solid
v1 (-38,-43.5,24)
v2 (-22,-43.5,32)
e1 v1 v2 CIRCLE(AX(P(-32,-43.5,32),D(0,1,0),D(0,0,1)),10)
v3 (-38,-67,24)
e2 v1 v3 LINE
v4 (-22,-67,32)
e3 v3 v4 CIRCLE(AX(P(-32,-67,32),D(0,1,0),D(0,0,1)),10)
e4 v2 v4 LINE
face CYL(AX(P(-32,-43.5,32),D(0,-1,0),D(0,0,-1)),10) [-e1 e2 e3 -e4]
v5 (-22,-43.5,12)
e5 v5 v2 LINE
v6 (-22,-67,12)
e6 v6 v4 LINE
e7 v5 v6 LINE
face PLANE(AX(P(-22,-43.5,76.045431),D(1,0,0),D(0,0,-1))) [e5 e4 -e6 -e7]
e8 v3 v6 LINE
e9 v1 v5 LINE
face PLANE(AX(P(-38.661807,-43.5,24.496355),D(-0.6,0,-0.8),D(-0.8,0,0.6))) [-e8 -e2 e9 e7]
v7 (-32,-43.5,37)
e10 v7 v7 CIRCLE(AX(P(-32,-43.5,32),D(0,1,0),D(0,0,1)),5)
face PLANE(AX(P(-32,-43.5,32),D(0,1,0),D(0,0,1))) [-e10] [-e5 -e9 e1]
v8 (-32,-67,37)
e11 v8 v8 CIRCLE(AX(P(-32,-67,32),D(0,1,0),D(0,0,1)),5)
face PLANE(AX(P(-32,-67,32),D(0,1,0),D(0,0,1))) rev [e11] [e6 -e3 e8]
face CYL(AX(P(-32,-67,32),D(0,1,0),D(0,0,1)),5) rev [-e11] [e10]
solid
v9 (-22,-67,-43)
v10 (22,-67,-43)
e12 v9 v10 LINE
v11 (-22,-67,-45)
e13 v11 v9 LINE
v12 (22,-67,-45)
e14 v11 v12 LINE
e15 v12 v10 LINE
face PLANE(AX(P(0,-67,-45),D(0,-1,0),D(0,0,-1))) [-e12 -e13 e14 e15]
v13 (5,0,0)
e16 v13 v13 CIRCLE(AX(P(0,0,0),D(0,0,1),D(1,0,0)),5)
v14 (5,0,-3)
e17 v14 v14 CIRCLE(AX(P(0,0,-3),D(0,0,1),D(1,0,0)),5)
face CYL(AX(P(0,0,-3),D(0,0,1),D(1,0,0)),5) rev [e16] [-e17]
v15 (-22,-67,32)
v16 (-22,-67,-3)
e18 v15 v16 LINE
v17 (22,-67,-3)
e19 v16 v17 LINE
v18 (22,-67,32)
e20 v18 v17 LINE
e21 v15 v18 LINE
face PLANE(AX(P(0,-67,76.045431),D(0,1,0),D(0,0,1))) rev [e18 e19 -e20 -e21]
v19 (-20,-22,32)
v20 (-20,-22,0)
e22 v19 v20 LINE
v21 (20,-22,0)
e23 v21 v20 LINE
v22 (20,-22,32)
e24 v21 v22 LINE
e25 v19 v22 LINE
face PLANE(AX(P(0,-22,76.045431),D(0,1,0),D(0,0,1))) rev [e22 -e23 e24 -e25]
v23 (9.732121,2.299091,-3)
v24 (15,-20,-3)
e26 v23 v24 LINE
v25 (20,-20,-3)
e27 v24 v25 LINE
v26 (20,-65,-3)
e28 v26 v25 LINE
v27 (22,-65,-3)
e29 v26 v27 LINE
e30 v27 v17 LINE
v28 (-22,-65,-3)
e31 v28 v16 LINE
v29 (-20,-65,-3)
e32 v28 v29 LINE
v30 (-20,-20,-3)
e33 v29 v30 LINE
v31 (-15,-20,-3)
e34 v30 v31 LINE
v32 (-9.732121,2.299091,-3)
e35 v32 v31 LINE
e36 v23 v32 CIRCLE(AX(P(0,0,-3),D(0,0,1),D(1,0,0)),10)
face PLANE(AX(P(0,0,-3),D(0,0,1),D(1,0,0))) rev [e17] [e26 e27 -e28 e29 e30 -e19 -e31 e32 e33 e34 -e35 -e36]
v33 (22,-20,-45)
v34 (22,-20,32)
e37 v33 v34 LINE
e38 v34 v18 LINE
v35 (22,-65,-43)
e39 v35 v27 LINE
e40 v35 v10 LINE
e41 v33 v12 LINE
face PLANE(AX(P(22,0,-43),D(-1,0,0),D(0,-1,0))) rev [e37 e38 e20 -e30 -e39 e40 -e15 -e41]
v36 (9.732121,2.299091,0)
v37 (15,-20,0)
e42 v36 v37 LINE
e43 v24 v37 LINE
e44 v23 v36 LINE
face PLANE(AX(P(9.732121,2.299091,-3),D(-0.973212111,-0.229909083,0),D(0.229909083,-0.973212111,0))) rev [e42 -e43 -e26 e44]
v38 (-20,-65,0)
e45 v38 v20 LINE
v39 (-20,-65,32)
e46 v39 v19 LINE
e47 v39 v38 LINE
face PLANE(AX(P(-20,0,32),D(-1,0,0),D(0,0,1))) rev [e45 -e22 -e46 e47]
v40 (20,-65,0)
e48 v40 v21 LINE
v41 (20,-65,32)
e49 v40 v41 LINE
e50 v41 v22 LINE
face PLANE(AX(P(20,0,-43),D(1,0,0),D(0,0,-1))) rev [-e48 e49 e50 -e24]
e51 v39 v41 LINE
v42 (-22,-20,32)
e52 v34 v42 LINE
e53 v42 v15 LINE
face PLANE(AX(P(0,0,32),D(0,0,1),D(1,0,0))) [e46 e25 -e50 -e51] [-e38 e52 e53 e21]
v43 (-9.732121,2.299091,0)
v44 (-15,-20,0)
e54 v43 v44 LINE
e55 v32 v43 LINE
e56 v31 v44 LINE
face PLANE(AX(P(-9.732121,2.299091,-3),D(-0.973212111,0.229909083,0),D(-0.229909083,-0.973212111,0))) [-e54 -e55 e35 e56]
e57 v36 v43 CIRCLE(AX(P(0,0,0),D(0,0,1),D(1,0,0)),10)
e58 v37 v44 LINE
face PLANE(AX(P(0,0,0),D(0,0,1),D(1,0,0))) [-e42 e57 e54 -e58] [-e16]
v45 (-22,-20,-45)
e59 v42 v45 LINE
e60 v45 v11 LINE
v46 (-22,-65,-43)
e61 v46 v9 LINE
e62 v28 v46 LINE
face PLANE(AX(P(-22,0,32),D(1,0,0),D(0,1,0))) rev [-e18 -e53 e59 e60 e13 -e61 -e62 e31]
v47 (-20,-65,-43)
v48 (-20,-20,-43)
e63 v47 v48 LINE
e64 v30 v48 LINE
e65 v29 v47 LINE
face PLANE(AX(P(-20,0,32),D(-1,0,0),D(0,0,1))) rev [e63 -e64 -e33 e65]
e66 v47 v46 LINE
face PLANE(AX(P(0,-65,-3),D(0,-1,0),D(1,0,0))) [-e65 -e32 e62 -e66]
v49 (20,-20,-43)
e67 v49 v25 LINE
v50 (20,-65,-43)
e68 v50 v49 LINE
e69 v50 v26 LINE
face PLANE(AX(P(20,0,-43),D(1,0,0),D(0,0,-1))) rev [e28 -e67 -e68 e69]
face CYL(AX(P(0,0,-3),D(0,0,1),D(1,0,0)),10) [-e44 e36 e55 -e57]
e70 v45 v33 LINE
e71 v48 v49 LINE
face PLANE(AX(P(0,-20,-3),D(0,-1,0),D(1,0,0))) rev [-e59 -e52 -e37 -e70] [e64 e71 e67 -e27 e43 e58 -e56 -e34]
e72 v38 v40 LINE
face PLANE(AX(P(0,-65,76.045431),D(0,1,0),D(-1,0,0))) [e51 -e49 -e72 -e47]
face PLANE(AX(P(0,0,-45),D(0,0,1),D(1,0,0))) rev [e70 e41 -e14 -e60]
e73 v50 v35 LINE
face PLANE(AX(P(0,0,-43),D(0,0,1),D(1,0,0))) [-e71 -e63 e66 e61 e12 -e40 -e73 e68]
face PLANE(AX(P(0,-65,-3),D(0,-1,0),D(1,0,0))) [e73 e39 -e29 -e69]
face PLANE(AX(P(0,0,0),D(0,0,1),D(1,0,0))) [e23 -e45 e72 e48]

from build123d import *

# Parameters (mm, degrees)
SKETCH1_R                = 5
BOSS_EXTRUDE1_DEPTH      = 3
BOSS_EXTRUDE2_DEPTH      = 35
BOSS_EXTRUDE2_DEPTH_BACK = 40
BOSS_EXTRUDE2_START      = -3
SKETCH1_3_W              = 2
SKETCH1_3_H              = 45
SKETCH1_3_H_2            = 2
BOSS_EXTRUDE6_START      = -3
BOSS_EXTRUDE6_DEPTH      = 35
BOSS_EXTRUDE8_START      = -45
SKETCH1_7_W              = 44
SKETCH1_7_H              = 47
BOSS_EXTRUDE8_DEPTH      = 2
BOSS_EXTRUDE9_START      = -3
SKETCH1_8_W              = 2
SKETCH1_8_H              = 2
BOSS_EXTRUDE9_DEPTH      = 35
BOSS_EXTRUDE10_START     = -67
BOSS_EXTRUDE10_DEPTH     = 23.5
CUT_EXTRUDE1_START       = -43.5
SKETCH6_4_R              = 5
CUT_EXTRUDE1_DEPTH       = 48.48351499


with BuildPart() as part:
    # Sketch1 → Boss-Extrude1 (new body)
    with BuildSketch(Plane.XY):
        with BuildLine():
            Line((-9.732121112, 2.299090834), (-15, -20))
            Line((-15, -20), (-20, -20))
            Line((-20, -20), (-20, -65))
            Line((-20, -65), (20, -65))
            Line((20, -65), (20, -20))
            Line((20, -20), (15, -20))
            Line((15, -20), (9.732121112, 2.299090834))
            ThreePointArc((9.732121112, 2.299090834), (0, 10), (-9.732121112, 2.299090834))
        make_face()
        Circle(SKETCH1_R, mode=Mode.SUBTRACT)
    extrude(amount=-BOSS_EXTRUDE1_DEPTH)

    # Sketch1<3> → Boss-Extrude2 (add, two sides: drawn at the far end of the back side and taken through both)
    with BuildSketch(Plane.XY.offset(BOSS_EXTRUDE2_START - BOSS_EXTRUDE2_DEPTH_BACK)):
        with Locations((-21, -42.5)):
            Rectangle(SKETCH1_3_W, SKETCH1_3_H)
        with Locations((21, -42.5)):
            Rectangle(SKETCH1_3_W, SKETCH1_3_H)
        with Locations((-21, -21)):
            Rectangle(SKETCH1_3_W, SKETCH1_3_H_2)
        with Locations((21, -21)):
            Rectangle(SKETCH1_3_W, SKETCH1_3_H_2)
    extrude(amount=BOSS_EXTRUDE2_DEPTH + BOSS_EXTRUDE2_DEPTH_BACK)

    # Sketch1<4> → Boss-Extrude6 (add)
    with BuildSketch(Plane.XY.offset(BOSS_EXTRUDE6_START)):
        Polygon((22, -65), (22, -67), (-22, -67), (-22, -65), (-20, -65), (20, -65), align=None)
    extrude(amount=BOSS_EXTRUDE6_DEPTH)

    # Sketch1<7> → Boss-Extrude8 (add)
    with BuildSketch(Plane.XY.offset(BOSS_EXTRUDE8_START)):
        with Locations((0, -43.5)):
            Rectangle(SKETCH1_7_W, SKETCH1_7_H)
    extrude(amount=BOSS_EXTRUDE8_DEPTH)

    # Sketch1<8> → Boss-Extrude9 (add)
    with BuildSketch(Plane.XY.offset(BOSS_EXTRUDE9_START)):
        Polygon((15, -20), (-15, -20), (-20, -20), (-20, -22), (20, -22), (20, -20), align=None)
        with Locations((21, -21)):
            Rectangle(SKETCH1_8_W, SKETCH1_8_H)
        with Locations((-21, -21)):
            Rectangle(SKETCH1_8_W, SKETCH1_8_H)
    extrude(amount=BOSS_EXTRUDE9_DEPTH)


with BuildPart() as body_2:
    # Sketch6 → Boss-Extrude10 (new body)
    with BuildSketch(Plane(origin=(0, 0, 0), x_dir=(1, 0, 0), z_dir=(0, 1, 0)).offset(BOSS_EXTRUDE10_START)):
        with BuildLine():
            Line((-22, -12), (-38, -24))
            ThreePointArc((-38, -24), (-36.472135955, -40.94427191), (-22, -32))
            Line((-22, -32), (-22, -12))
        make_face()
    extrude(amount=BOSS_EXTRUDE10_DEPTH)

    # Sketch6<4> → Cut-Extrude1 (cut, through all)
    with BuildSketch(Plane(origin=(0, 0, 0), x_dir=(1, 0, 0), z_dir=(0, 1, 0)).offset(CUT_EXTRUDE1_START)):
        with Locations(Location((-32, -32, 0), (0, 0, 270))):
            Circle(SKETCH6_4_R)
    extrude(amount=-CUT_EXTRUDE1_DEPTH, mode=Mode.SUBTRACT)


solid = Compound([part.part, body_2.part])
